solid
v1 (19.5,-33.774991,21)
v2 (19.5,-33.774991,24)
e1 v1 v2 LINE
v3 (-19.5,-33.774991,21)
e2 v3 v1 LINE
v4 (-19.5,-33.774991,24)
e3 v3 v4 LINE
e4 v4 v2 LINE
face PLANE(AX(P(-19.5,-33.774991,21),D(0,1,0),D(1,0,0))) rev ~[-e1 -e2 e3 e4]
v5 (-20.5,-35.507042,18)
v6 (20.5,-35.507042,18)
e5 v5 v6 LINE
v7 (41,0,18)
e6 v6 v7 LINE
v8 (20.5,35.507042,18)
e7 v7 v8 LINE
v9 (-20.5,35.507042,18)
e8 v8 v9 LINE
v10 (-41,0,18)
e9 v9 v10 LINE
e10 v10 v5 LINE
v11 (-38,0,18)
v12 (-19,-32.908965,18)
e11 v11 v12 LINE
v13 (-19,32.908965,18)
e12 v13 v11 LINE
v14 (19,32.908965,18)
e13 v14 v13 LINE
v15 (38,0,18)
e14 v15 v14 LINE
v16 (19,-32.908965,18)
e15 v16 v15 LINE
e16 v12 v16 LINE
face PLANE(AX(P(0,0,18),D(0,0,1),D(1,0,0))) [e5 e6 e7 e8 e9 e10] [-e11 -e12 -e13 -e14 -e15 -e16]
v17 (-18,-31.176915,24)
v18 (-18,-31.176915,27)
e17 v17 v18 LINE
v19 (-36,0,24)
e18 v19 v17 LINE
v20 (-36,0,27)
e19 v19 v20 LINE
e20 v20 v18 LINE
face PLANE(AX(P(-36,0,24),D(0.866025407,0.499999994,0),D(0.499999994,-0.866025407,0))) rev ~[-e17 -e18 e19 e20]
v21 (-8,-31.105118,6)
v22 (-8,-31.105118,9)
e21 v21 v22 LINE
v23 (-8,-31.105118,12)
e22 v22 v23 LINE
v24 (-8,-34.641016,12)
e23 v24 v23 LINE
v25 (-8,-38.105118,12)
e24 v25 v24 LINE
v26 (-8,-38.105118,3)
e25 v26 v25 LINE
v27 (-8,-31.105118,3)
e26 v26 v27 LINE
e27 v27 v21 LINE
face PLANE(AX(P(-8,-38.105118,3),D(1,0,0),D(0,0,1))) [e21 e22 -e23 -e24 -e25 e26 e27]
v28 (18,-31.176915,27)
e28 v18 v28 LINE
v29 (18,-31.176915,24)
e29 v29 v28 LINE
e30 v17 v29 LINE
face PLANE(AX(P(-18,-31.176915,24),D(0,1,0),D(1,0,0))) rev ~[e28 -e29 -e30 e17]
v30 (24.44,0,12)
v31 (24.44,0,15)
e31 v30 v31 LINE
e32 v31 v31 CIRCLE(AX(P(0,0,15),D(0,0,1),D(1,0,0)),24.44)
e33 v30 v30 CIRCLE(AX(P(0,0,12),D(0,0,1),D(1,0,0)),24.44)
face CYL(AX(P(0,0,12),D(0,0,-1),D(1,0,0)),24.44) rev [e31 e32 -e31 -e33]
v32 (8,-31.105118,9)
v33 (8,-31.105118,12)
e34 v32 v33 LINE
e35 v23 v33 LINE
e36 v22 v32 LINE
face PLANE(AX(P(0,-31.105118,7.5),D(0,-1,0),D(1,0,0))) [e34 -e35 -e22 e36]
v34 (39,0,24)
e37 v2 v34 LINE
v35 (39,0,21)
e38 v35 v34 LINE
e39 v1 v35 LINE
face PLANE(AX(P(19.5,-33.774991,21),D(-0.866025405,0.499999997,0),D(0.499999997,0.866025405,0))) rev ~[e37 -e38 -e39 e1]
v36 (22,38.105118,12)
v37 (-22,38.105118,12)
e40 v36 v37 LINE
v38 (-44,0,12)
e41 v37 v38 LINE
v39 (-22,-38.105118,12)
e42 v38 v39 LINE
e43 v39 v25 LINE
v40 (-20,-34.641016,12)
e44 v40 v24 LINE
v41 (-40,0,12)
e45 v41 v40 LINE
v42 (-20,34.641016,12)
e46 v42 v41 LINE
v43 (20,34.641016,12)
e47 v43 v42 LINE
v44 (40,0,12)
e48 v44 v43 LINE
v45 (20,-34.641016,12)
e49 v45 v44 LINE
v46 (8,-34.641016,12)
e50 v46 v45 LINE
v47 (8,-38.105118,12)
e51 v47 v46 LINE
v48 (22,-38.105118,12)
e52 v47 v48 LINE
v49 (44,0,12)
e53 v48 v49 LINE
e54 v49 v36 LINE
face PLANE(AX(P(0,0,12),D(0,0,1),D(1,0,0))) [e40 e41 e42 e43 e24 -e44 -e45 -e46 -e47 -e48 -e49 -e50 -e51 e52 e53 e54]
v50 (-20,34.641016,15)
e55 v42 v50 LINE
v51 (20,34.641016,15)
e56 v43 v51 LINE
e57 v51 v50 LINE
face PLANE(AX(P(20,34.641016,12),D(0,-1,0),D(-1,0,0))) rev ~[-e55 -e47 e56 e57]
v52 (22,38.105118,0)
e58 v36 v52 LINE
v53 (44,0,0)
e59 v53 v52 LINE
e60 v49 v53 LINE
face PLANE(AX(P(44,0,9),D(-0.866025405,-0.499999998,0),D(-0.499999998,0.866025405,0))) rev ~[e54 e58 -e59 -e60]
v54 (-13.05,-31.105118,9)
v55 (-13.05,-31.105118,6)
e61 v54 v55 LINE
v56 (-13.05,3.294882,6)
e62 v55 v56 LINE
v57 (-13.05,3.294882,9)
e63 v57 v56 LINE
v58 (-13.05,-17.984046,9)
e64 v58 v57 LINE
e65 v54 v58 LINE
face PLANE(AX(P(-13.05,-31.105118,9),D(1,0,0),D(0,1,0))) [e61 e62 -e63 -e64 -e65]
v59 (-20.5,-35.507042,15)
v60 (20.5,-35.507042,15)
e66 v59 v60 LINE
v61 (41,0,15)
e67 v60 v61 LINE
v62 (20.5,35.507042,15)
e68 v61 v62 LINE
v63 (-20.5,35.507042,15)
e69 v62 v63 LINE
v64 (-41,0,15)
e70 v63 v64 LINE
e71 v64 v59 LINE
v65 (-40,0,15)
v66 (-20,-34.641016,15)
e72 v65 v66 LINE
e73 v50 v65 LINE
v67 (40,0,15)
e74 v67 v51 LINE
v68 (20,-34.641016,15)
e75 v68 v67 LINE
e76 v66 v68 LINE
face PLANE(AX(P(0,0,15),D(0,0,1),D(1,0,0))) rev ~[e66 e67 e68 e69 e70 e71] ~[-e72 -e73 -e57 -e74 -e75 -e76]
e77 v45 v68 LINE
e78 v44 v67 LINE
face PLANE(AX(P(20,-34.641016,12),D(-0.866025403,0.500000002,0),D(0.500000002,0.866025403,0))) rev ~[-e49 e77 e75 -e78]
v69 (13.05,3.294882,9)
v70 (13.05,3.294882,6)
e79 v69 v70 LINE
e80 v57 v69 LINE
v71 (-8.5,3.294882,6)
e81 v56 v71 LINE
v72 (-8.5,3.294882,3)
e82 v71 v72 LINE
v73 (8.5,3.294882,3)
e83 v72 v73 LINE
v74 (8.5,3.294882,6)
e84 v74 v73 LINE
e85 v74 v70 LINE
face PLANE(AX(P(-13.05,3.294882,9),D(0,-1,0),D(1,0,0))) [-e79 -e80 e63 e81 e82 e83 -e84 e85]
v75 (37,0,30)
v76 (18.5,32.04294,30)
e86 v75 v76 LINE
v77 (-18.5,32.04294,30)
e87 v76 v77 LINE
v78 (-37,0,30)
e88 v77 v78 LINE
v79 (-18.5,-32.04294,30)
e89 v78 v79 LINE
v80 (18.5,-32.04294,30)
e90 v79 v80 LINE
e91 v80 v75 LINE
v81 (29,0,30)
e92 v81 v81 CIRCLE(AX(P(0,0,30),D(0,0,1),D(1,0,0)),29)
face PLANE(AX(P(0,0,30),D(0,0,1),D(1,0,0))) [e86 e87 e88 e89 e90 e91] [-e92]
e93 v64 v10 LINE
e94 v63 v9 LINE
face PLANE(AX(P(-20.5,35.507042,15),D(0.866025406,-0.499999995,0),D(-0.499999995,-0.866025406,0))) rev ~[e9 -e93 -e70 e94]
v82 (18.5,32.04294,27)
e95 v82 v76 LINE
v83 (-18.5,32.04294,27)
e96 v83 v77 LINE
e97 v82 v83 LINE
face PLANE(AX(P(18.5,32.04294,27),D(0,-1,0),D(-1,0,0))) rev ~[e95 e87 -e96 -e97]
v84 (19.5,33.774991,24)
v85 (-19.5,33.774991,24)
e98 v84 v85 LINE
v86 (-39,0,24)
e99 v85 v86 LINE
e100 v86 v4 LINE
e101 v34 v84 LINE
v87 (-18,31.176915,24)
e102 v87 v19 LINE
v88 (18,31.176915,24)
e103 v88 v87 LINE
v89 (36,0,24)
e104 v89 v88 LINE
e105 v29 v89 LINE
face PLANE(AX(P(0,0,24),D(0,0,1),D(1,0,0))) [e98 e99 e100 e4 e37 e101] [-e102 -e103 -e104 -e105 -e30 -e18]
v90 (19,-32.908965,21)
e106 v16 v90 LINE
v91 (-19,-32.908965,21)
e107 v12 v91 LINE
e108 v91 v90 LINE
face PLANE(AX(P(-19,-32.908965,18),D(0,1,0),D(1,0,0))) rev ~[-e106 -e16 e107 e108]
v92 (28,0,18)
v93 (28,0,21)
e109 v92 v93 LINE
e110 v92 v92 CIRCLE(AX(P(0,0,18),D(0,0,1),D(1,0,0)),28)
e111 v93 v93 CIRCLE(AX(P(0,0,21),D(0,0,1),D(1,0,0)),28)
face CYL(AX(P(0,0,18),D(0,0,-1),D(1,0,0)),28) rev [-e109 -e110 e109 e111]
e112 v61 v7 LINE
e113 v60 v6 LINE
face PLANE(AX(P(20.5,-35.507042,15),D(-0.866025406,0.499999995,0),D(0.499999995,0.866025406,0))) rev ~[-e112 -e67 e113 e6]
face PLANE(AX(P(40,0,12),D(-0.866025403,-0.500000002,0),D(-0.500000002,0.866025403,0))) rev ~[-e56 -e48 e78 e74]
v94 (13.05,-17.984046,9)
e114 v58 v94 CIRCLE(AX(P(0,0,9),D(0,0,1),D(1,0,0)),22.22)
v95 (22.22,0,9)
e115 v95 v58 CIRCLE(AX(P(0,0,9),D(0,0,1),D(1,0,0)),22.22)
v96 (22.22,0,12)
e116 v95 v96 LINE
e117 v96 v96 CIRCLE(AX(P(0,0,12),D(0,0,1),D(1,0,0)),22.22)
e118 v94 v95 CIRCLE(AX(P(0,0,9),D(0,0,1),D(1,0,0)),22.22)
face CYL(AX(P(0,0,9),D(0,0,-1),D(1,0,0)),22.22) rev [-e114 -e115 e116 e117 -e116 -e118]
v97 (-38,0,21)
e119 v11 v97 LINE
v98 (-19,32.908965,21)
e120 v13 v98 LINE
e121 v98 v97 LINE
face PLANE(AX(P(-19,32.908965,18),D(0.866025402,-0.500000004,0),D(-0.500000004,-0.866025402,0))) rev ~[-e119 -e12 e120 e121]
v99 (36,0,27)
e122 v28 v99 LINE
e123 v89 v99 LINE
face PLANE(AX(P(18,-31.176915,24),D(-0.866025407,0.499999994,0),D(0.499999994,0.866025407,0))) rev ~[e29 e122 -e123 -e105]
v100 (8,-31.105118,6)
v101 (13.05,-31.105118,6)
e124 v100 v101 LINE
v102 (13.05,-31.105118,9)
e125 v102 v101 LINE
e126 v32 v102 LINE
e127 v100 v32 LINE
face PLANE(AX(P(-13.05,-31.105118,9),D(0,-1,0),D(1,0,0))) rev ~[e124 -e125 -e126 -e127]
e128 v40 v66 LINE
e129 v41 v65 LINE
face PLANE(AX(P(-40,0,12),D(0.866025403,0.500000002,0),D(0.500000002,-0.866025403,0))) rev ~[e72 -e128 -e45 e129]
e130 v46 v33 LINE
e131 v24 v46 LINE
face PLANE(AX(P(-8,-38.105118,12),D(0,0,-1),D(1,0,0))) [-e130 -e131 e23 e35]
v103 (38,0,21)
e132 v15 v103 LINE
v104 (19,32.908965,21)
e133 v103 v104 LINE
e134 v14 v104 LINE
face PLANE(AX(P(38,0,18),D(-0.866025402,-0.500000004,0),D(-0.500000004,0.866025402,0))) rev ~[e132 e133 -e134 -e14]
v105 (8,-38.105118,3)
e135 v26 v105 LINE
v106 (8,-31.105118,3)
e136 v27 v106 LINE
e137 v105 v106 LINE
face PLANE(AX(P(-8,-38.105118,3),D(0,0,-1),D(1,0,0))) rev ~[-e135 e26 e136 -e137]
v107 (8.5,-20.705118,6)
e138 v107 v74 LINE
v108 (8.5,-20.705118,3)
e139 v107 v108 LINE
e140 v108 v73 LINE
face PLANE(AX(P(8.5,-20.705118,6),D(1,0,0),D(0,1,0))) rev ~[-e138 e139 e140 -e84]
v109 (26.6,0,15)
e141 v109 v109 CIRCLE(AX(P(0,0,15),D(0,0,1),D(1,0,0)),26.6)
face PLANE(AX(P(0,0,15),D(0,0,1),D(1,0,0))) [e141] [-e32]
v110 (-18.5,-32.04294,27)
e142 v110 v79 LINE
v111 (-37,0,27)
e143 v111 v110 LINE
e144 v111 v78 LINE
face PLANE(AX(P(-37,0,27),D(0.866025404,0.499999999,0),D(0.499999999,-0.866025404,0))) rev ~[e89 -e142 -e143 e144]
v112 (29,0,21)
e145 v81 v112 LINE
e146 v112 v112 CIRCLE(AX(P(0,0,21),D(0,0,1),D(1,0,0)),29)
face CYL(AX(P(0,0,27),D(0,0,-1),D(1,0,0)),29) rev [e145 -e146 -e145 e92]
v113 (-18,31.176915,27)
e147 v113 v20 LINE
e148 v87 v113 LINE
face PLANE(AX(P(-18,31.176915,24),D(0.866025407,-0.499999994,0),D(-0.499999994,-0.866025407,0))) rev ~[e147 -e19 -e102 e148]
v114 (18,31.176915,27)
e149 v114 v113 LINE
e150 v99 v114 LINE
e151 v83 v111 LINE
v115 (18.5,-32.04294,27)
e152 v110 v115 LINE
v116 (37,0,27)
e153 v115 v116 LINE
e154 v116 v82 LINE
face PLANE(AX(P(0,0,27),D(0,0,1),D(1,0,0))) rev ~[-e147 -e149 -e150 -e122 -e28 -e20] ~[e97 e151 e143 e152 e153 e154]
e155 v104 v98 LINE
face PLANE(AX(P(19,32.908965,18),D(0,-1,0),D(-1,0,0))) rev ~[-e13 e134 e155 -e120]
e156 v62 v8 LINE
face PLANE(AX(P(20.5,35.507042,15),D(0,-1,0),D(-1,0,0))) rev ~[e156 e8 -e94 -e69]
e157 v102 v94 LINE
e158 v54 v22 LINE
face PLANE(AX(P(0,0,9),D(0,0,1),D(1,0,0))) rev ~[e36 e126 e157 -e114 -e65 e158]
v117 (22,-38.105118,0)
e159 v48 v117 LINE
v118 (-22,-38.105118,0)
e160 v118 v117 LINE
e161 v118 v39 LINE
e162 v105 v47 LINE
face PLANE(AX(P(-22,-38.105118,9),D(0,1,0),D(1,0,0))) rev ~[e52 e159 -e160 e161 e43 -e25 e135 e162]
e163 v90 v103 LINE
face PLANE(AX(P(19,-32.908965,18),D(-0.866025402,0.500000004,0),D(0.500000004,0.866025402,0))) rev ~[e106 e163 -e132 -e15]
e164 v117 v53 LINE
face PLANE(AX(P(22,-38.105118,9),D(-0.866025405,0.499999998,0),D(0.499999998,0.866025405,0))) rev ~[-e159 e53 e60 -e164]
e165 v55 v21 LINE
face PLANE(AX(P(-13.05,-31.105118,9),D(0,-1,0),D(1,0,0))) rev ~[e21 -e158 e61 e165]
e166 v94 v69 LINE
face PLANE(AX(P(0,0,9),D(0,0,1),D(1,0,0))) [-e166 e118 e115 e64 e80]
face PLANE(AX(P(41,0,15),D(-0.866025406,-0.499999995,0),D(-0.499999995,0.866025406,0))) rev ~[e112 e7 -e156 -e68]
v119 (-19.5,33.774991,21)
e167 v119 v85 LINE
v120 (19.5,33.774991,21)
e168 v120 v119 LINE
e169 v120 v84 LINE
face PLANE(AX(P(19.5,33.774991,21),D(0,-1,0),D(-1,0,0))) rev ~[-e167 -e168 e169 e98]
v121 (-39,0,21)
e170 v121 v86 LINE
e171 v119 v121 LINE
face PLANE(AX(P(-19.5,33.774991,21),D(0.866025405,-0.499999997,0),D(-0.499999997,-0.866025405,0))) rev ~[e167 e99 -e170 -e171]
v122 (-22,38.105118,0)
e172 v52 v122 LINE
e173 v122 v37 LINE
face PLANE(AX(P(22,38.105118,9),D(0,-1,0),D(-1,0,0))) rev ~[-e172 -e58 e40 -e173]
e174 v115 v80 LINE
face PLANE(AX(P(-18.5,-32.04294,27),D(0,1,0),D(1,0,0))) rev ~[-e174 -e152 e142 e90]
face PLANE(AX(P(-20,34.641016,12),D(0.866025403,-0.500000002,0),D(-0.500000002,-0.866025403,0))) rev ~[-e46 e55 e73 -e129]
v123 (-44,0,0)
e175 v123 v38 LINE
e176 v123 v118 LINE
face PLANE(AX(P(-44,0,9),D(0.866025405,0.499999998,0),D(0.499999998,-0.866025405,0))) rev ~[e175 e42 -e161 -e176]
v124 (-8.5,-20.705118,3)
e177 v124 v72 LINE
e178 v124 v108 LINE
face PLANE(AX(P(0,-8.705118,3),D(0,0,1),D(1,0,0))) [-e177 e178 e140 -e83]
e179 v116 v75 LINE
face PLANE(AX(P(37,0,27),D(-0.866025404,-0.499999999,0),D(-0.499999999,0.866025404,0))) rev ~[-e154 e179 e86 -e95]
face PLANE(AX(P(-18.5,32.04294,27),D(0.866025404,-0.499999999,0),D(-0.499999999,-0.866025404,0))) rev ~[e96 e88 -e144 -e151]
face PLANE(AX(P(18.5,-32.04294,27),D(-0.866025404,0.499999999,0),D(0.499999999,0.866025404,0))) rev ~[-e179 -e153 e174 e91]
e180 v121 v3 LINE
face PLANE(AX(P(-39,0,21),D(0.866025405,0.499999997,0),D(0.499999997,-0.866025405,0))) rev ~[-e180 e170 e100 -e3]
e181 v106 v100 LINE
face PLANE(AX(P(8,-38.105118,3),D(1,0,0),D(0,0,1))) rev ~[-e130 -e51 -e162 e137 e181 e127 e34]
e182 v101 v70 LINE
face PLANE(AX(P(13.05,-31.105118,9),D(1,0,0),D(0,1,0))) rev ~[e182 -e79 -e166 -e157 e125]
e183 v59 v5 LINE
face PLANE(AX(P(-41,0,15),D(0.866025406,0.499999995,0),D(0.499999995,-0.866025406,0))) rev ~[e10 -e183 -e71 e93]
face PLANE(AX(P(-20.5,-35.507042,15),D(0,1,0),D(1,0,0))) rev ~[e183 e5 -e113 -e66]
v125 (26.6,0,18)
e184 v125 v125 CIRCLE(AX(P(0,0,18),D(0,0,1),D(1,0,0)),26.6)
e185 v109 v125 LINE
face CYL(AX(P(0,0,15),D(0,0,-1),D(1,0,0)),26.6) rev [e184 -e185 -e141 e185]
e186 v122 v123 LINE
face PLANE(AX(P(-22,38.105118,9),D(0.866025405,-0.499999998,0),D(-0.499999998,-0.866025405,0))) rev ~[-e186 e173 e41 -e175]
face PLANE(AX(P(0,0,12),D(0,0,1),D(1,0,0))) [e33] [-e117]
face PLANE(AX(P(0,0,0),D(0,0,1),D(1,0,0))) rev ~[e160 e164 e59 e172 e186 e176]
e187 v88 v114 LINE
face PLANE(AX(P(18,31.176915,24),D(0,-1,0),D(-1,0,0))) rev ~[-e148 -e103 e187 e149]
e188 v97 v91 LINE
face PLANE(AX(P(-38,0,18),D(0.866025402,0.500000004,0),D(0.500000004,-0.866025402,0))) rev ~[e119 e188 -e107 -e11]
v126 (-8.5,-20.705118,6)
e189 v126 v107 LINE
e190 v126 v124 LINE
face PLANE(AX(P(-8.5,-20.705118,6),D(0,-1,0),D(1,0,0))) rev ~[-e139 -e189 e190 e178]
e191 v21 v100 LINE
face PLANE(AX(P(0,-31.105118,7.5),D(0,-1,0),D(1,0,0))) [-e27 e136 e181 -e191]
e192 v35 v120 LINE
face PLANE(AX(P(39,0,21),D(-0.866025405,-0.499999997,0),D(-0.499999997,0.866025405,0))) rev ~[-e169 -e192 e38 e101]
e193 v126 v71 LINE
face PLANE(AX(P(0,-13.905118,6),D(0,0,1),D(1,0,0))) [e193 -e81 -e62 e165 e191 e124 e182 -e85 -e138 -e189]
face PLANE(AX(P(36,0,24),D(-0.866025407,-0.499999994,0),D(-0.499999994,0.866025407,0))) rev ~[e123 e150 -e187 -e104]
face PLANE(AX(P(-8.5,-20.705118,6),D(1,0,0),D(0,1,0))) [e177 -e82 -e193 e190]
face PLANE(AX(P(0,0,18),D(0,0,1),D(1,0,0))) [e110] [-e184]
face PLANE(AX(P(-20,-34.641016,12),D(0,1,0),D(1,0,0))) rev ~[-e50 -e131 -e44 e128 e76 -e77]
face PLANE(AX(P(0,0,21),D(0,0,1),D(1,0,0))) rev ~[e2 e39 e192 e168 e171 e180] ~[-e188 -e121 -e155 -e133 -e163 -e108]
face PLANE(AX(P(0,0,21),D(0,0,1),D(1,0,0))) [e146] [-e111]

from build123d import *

# Parameters (mm, degrees)
PAD_DEPTH       = 9
SKETCH001_W     = 26.1
SKETCH001_H     = 34.4
POCKET_DEPTH    = 3
SKETCH002_R     = 22.22
PAD001_DEPTH    = 3
SKETCH003_R     = 24.44
PAD002_DEPTH    = 3
SKETCH004_R     = 26.6
PAD003_DEPTH    = 3
SKETCH005_R     = 28
PAD004_DEPTH    = 3
SKETCH006_R     = 29
PAD005_DEPTH    = 3
SKETCH007_R     = 29
PAD006_DEPTH    = 3
SKETCH008_R     = 29
PAD007_DEPTH    = 3
SKETCH009_W     = 17
SKETCH009_H     = 24
POCKET001_DEPTH = 3
SKETCH010_W     = 16
SKETCH010_H     = 9
POCKET002_DEPTH = 7


with BuildPart() as part:
    # Sketch → Pad (new body)
    with BuildSketch(Plane.XY):
        Polygon((44, 0), (22, 38.105118), (-22, 38.105118), (-44, 0), (-22, -38.105118), (22, -38.105118), align=None)
    extrude(amount=PAD_DEPTH)

    # Sketch001 (on Face8 of Pad) → Pocket (cut)
    with BuildSketch(Plane.XY.offset(9)):
        with Locations((0, -13.905118)):
            Rectangle(SKETCH001_W, SKETCH001_H)
    extrude(amount=-POCKET_DEPTH, mode=Mode.SUBTRACT)

    # Sketch002 (on Face5 of Pocket) → Pad001 (join)
    with BuildSketch(Plane.XY.offset(9)):
        Polygon((22, 38.105118), (-22, 38.105118), (-44, 0), (-22, -38.105118), (22, -38.105118), (44, 0), align=None)
        Circle(SKETCH002_R, mode=Mode.SUBTRACT)
    extrude(amount=PAD001_DEPTH)

    # Sketch003 (on Face14 of Pad001) → Pad002 (join)
    with BuildSketch(Plane.XY.offset(12)):
        Polygon((40, 0), (20, 34.641016), (-20, 34.641016), (-40, 0), (-20, -34.641016), (20, -34.641016), align=None)
        Circle(SKETCH003_R, mode=Mode.SUBTRACT)
    extrude(amount=PAD002_DEPTH)

    # Sketch004 (on Face21 of Pad002) → Pad003 (join)
    with BuildSketch(Plane.XY.offset(15)):
        Polygon((41, 0), (20.5, 35.507042), (-20.5, 35.507042), (-41, 0), (-20.5, -35.507042), (20.5, -35.507042), align=None)
        Circle(SKETCH004_R, mode=Mode.SUBTRACT)
    extrude(amount=PAD003_DEPTH)

    # Sketch005 (on Face28 of Pad003) → Pad004 (join)
    with BuildSketch(Plane.XY.offset(18)):
        Polygon((19, 32.908965), (-19, 32.908965), (-38, 0), (-19, -32.908965), (19, -32.908965), (38, 0), align=None)
        Circle(SKETCH005_R, mode=Mode.SUBTRACT)
    extrude(amount=PAD004_DEPTH)

    # Sketch006 (on Face35 of Pad004) → Pad005 (join)
    with BuildSketch(Plane.XY.offset(21)):
        Polygon((39, 0), (19.5, 33.774991), (-19.5, 33.774991), (-39, 0), (-19.5, -33.774991), (19.5, -33.774991), align=None)
        Circle(SKETCH006_R, mode=Mode.SUBTRACT)
    extrude(amount=PAD005_DEPTH)

    # Sketch007 (on Face42 of Pad005) → Pad006 (join)
    with BuildSketch(Plane.XY.offset(24)):
        Polygon((36, 0), (18, 31.176915), (-18, 31.176915), (-36, 0), (-18, -31.176915), (18, -31.176915), align=None)
        Circle(SKETCH007_R, mode=Mode.SUBTRACT)
    extrude(amount=PAD006_DEPTH)

    # Sketch008 (on Face49 of Pad006) → Pad007 (join)
    with BuildSketch(Plane.XY.offset(27)):
        Polygon((37, 0), (18.5, 32.04294), (-18.5, 32.04294), (-37, 0), (-18.5, -32.04294), (18.5, -32.04294), align=None)
        Circle(SKETCH008_R, mode=Mode.SUBTRACT)
    extrude(amount=PAD007_DEPTH)

    # Sketch009 (on Face74 of Pad007) → Pocket001 (cut)
    with BuildSketch(Plane.XY.offset(6)):
        with Locations((0, -8.705118)):
            Rectangle(SKETCH009_W, SKETCH009_H)
    extrude(amount=-POCKET001_DEPTH, mode=Mode.SUBTRACT)

    # Sketch010 (on Face12 of Pocket001) → Pocket002 (cut)
    with BuildSketch(Plane.XZ.offset(38.105118)):
        with Locations((0, 7.5)):
            Rectangle(SKETCH010_W, SKETCH010_H)
    extrude(amount=-POCKET002_DEPTH, mode=Mode.SUBTRACT)


solid = part.part
